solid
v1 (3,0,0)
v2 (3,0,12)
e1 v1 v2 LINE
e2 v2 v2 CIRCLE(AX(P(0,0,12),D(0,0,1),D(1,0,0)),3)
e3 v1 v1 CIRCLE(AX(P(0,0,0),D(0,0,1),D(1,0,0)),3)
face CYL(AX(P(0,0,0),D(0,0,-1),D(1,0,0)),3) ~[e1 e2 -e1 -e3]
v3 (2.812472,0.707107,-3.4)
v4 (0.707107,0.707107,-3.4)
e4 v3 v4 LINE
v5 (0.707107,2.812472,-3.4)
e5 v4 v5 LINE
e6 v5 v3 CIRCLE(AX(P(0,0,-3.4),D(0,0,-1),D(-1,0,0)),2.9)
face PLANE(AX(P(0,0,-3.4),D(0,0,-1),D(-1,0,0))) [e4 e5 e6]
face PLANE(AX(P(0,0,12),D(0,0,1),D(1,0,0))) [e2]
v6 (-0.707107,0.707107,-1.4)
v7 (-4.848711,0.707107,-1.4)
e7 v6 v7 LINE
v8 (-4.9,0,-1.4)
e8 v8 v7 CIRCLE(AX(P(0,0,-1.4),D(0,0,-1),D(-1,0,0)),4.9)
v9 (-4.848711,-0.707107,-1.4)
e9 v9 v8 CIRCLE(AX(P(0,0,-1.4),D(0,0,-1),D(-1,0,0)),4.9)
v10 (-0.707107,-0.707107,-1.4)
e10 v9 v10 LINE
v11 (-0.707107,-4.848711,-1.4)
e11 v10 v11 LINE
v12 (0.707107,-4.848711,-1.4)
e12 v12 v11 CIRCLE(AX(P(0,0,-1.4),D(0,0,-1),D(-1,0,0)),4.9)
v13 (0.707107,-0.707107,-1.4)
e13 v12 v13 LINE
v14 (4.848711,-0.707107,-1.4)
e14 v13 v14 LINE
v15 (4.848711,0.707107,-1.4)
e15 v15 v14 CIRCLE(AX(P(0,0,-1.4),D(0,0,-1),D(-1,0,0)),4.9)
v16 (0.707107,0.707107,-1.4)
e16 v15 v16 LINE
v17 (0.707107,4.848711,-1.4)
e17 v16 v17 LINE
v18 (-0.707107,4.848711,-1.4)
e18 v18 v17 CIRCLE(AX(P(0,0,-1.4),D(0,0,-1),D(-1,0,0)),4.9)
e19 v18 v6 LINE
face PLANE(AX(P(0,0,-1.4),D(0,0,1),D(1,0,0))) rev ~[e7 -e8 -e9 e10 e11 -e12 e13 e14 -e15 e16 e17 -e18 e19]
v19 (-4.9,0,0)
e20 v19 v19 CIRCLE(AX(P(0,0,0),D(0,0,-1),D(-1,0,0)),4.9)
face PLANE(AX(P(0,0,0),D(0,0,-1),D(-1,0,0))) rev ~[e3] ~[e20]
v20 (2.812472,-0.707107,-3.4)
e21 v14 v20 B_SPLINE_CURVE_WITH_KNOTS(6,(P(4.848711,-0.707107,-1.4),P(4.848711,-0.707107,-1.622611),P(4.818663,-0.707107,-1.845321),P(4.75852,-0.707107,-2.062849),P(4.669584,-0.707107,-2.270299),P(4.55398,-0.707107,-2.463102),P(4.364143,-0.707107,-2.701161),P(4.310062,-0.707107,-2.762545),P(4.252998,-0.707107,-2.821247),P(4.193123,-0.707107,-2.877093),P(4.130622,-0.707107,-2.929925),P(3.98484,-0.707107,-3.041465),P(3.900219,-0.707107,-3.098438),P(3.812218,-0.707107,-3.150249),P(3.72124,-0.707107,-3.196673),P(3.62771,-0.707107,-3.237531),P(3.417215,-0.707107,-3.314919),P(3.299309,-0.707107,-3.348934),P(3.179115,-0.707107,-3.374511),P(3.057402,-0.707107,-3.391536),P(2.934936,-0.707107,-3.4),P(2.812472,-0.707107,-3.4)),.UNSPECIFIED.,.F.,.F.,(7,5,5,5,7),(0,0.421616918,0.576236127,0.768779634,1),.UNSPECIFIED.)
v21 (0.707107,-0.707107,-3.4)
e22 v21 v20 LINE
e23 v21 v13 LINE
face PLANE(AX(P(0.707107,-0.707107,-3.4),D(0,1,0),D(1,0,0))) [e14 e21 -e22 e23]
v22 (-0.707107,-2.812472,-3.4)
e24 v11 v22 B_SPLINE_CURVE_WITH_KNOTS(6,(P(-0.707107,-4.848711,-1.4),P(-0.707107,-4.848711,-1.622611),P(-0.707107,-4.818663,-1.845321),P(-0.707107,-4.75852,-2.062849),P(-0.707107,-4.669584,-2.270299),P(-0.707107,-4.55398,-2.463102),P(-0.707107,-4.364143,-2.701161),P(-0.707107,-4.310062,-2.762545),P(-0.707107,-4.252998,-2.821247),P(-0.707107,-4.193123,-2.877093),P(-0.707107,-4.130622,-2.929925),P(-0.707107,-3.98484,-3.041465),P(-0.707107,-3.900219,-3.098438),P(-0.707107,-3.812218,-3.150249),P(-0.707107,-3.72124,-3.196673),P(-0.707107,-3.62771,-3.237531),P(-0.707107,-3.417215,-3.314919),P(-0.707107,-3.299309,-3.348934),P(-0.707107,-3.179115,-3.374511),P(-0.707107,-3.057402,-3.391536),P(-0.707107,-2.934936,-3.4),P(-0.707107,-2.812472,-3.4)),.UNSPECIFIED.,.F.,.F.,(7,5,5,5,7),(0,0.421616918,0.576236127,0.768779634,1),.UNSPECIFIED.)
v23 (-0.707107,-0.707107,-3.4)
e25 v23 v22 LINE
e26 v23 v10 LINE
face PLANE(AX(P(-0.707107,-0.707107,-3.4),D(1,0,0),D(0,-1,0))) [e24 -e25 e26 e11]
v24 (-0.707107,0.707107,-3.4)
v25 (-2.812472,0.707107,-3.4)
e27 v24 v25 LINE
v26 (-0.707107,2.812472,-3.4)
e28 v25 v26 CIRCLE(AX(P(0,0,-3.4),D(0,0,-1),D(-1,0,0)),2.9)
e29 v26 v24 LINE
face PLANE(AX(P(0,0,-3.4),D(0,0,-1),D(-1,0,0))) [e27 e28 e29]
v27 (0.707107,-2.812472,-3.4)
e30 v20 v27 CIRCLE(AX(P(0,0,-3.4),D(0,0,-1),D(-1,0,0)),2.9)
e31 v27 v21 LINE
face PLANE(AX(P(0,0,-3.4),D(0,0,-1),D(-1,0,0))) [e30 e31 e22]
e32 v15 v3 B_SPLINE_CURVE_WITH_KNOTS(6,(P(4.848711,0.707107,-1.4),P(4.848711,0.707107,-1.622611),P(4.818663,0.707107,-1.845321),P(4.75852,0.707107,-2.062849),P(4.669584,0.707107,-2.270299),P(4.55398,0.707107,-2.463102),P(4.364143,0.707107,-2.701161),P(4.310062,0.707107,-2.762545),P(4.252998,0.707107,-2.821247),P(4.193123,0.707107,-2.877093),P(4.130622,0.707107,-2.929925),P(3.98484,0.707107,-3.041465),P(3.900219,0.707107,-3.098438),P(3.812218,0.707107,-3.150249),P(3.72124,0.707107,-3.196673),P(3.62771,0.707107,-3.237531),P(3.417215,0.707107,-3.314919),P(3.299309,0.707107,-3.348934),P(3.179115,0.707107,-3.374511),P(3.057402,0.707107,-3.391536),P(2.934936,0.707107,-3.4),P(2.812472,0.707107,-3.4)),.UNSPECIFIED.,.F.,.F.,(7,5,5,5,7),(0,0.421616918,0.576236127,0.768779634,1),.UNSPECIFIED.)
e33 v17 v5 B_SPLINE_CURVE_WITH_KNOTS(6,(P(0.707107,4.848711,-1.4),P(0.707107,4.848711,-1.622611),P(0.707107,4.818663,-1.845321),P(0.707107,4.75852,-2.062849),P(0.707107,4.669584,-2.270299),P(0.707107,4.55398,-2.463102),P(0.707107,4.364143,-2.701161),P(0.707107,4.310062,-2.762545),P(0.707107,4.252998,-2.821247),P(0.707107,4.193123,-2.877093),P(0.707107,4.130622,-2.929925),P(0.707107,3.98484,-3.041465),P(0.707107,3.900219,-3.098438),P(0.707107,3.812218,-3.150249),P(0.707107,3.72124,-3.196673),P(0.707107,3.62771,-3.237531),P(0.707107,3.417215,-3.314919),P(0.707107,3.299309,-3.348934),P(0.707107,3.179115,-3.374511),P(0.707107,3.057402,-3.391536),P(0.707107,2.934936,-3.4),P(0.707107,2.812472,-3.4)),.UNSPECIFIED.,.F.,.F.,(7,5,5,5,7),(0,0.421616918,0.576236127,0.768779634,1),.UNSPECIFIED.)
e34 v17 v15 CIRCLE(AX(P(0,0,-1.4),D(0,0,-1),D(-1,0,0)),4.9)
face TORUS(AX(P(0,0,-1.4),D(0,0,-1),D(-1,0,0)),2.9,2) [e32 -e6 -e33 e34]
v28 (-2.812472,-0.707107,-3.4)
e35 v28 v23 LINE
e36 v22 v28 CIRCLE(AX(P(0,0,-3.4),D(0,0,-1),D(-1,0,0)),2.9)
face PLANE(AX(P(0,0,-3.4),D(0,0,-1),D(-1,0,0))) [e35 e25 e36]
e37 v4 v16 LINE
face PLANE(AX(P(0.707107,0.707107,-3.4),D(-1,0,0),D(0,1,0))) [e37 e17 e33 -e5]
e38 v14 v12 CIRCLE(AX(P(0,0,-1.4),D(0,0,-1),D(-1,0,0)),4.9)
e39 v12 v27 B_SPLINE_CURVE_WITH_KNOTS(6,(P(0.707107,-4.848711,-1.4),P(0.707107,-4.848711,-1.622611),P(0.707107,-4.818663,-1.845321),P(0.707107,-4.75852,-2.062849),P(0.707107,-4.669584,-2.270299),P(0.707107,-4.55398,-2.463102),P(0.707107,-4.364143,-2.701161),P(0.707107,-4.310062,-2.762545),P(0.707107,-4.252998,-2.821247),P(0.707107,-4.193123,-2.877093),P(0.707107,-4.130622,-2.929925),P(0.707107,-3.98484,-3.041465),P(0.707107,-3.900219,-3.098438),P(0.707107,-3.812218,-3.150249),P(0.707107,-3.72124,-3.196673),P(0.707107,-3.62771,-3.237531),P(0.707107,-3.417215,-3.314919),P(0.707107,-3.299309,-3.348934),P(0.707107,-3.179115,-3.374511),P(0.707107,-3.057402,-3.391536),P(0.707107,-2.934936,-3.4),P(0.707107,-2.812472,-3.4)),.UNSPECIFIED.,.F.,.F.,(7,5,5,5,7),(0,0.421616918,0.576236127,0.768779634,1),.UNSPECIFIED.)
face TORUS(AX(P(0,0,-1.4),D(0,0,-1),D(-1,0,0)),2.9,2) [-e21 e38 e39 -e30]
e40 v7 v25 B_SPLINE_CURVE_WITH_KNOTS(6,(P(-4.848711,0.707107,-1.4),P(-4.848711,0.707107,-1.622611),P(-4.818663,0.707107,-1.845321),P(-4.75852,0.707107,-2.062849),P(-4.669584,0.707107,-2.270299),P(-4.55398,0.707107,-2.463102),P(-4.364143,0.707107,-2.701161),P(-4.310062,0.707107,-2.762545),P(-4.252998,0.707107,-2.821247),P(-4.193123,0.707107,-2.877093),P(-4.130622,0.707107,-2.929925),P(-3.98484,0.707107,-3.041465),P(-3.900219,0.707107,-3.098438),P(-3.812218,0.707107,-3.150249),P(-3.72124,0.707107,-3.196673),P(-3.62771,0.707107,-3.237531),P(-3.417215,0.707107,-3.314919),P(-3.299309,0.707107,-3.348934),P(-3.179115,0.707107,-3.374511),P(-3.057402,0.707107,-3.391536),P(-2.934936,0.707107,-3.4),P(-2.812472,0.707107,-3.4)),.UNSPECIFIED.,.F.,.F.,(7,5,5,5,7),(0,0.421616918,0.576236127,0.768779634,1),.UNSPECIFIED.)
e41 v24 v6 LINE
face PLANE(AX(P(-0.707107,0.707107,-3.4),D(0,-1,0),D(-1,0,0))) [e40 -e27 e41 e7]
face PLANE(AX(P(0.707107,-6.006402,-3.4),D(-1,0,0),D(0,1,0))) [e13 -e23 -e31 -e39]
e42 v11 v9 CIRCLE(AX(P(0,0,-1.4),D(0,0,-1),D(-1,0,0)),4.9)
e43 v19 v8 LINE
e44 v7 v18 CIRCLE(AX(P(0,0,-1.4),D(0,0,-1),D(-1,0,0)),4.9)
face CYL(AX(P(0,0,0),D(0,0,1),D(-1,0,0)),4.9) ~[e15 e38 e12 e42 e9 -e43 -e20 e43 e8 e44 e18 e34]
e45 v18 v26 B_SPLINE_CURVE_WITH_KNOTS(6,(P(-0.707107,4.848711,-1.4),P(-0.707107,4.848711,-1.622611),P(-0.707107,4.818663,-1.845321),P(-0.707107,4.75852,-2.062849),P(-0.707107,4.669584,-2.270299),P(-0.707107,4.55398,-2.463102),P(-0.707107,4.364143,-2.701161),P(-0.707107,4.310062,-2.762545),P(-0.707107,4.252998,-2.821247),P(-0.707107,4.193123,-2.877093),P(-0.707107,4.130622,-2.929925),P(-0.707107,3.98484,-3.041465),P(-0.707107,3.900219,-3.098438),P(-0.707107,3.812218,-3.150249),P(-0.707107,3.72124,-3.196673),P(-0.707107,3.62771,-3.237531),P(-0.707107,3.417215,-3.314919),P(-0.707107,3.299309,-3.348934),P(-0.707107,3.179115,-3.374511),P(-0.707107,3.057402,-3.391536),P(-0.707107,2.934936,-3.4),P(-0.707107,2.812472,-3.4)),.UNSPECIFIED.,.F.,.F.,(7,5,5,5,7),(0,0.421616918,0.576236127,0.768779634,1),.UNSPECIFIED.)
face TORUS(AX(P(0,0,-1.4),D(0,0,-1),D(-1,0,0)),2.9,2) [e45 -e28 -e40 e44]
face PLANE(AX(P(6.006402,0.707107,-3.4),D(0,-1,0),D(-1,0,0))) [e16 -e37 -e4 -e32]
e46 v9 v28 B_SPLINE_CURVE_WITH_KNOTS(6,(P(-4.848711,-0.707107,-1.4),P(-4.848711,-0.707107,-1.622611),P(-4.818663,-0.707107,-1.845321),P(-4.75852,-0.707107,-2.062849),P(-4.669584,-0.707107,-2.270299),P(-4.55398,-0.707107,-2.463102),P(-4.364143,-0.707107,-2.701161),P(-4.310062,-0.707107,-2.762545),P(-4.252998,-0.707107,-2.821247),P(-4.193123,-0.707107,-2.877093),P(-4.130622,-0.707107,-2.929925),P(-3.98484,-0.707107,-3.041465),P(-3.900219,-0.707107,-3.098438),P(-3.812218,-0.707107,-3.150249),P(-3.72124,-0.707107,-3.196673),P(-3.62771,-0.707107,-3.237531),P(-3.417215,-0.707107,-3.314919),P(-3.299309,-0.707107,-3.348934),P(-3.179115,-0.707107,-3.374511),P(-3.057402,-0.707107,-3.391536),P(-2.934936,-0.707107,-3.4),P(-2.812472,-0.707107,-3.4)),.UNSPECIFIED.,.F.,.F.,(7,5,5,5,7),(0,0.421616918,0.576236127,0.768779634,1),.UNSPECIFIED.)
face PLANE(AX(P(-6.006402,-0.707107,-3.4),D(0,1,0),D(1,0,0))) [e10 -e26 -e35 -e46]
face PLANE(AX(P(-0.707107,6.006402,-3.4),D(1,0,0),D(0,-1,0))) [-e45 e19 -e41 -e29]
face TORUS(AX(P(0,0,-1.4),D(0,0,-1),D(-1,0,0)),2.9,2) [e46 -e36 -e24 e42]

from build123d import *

# Parameters (mm, degrees)
SKETCH_1_R          = 3
EXTRUDE_1_DEPTH     = 12
SKETCH_2_R          = 4.9
EXTRUDE_2_DEPTH     = 3.4
FILLET_1_R          = 2
CUT_EXTRUDE_1_DEPTH = 2


with BuildPart() as part:
    # 草图1 → 凸台-拉伸1 (new body)
    with BuildSketch(Plane.XY):
        Circle(SKETCH_1_R)
    extrude(amount=EXTRUDE_1_DEPTH)

    # 草图2 → 凸台-拉伸2 (add)
    with BuildSketch(Plane(origin=(0, 0, 0), x_dir=(-1, 0, 0), z_dir=(0, 0, -1))):
        Circle(SKETCH_2_R)
    extrude(amount=EXTRUDE_2_DEPTH)

    # 圆角1
    fillet_1_edges = [part.edges().sort_by_distance(p)[0] for p in [
        (4.9, 0, -3.4),
    ]]
    fillet(fillet_1_edges, radius=FILLET_1_R)

    # 草图3 → 切除-拉伸1 (cut)
    with BuildSketch(Plane(origin=(0, 0, -3.4), x_dir=(-1, 0, 0), z_dir=(0, 0, -1))):
        Polygon((-0.707106781, 0.707106781), (-0.707106781, 6.006401657), (0.707106781, 6.006401657), (0.707106781, 0.707106781), (6.006401657, 0.707106781), (6.006401657, -0.707106781), (0.707106781, -0.707106781), (0.707106781, -6.006401657), (-0.707106781, -6.006401657), (-0.707106781, -0.707106781), (-6.006401657, -0.707106781), (-6.006401657, 0.707106781), align=None)
    extrude(amount=-CUT_EXTRUDE_1_DEPTH, mode=Mode.SUBTRACT)


solid = part.part
